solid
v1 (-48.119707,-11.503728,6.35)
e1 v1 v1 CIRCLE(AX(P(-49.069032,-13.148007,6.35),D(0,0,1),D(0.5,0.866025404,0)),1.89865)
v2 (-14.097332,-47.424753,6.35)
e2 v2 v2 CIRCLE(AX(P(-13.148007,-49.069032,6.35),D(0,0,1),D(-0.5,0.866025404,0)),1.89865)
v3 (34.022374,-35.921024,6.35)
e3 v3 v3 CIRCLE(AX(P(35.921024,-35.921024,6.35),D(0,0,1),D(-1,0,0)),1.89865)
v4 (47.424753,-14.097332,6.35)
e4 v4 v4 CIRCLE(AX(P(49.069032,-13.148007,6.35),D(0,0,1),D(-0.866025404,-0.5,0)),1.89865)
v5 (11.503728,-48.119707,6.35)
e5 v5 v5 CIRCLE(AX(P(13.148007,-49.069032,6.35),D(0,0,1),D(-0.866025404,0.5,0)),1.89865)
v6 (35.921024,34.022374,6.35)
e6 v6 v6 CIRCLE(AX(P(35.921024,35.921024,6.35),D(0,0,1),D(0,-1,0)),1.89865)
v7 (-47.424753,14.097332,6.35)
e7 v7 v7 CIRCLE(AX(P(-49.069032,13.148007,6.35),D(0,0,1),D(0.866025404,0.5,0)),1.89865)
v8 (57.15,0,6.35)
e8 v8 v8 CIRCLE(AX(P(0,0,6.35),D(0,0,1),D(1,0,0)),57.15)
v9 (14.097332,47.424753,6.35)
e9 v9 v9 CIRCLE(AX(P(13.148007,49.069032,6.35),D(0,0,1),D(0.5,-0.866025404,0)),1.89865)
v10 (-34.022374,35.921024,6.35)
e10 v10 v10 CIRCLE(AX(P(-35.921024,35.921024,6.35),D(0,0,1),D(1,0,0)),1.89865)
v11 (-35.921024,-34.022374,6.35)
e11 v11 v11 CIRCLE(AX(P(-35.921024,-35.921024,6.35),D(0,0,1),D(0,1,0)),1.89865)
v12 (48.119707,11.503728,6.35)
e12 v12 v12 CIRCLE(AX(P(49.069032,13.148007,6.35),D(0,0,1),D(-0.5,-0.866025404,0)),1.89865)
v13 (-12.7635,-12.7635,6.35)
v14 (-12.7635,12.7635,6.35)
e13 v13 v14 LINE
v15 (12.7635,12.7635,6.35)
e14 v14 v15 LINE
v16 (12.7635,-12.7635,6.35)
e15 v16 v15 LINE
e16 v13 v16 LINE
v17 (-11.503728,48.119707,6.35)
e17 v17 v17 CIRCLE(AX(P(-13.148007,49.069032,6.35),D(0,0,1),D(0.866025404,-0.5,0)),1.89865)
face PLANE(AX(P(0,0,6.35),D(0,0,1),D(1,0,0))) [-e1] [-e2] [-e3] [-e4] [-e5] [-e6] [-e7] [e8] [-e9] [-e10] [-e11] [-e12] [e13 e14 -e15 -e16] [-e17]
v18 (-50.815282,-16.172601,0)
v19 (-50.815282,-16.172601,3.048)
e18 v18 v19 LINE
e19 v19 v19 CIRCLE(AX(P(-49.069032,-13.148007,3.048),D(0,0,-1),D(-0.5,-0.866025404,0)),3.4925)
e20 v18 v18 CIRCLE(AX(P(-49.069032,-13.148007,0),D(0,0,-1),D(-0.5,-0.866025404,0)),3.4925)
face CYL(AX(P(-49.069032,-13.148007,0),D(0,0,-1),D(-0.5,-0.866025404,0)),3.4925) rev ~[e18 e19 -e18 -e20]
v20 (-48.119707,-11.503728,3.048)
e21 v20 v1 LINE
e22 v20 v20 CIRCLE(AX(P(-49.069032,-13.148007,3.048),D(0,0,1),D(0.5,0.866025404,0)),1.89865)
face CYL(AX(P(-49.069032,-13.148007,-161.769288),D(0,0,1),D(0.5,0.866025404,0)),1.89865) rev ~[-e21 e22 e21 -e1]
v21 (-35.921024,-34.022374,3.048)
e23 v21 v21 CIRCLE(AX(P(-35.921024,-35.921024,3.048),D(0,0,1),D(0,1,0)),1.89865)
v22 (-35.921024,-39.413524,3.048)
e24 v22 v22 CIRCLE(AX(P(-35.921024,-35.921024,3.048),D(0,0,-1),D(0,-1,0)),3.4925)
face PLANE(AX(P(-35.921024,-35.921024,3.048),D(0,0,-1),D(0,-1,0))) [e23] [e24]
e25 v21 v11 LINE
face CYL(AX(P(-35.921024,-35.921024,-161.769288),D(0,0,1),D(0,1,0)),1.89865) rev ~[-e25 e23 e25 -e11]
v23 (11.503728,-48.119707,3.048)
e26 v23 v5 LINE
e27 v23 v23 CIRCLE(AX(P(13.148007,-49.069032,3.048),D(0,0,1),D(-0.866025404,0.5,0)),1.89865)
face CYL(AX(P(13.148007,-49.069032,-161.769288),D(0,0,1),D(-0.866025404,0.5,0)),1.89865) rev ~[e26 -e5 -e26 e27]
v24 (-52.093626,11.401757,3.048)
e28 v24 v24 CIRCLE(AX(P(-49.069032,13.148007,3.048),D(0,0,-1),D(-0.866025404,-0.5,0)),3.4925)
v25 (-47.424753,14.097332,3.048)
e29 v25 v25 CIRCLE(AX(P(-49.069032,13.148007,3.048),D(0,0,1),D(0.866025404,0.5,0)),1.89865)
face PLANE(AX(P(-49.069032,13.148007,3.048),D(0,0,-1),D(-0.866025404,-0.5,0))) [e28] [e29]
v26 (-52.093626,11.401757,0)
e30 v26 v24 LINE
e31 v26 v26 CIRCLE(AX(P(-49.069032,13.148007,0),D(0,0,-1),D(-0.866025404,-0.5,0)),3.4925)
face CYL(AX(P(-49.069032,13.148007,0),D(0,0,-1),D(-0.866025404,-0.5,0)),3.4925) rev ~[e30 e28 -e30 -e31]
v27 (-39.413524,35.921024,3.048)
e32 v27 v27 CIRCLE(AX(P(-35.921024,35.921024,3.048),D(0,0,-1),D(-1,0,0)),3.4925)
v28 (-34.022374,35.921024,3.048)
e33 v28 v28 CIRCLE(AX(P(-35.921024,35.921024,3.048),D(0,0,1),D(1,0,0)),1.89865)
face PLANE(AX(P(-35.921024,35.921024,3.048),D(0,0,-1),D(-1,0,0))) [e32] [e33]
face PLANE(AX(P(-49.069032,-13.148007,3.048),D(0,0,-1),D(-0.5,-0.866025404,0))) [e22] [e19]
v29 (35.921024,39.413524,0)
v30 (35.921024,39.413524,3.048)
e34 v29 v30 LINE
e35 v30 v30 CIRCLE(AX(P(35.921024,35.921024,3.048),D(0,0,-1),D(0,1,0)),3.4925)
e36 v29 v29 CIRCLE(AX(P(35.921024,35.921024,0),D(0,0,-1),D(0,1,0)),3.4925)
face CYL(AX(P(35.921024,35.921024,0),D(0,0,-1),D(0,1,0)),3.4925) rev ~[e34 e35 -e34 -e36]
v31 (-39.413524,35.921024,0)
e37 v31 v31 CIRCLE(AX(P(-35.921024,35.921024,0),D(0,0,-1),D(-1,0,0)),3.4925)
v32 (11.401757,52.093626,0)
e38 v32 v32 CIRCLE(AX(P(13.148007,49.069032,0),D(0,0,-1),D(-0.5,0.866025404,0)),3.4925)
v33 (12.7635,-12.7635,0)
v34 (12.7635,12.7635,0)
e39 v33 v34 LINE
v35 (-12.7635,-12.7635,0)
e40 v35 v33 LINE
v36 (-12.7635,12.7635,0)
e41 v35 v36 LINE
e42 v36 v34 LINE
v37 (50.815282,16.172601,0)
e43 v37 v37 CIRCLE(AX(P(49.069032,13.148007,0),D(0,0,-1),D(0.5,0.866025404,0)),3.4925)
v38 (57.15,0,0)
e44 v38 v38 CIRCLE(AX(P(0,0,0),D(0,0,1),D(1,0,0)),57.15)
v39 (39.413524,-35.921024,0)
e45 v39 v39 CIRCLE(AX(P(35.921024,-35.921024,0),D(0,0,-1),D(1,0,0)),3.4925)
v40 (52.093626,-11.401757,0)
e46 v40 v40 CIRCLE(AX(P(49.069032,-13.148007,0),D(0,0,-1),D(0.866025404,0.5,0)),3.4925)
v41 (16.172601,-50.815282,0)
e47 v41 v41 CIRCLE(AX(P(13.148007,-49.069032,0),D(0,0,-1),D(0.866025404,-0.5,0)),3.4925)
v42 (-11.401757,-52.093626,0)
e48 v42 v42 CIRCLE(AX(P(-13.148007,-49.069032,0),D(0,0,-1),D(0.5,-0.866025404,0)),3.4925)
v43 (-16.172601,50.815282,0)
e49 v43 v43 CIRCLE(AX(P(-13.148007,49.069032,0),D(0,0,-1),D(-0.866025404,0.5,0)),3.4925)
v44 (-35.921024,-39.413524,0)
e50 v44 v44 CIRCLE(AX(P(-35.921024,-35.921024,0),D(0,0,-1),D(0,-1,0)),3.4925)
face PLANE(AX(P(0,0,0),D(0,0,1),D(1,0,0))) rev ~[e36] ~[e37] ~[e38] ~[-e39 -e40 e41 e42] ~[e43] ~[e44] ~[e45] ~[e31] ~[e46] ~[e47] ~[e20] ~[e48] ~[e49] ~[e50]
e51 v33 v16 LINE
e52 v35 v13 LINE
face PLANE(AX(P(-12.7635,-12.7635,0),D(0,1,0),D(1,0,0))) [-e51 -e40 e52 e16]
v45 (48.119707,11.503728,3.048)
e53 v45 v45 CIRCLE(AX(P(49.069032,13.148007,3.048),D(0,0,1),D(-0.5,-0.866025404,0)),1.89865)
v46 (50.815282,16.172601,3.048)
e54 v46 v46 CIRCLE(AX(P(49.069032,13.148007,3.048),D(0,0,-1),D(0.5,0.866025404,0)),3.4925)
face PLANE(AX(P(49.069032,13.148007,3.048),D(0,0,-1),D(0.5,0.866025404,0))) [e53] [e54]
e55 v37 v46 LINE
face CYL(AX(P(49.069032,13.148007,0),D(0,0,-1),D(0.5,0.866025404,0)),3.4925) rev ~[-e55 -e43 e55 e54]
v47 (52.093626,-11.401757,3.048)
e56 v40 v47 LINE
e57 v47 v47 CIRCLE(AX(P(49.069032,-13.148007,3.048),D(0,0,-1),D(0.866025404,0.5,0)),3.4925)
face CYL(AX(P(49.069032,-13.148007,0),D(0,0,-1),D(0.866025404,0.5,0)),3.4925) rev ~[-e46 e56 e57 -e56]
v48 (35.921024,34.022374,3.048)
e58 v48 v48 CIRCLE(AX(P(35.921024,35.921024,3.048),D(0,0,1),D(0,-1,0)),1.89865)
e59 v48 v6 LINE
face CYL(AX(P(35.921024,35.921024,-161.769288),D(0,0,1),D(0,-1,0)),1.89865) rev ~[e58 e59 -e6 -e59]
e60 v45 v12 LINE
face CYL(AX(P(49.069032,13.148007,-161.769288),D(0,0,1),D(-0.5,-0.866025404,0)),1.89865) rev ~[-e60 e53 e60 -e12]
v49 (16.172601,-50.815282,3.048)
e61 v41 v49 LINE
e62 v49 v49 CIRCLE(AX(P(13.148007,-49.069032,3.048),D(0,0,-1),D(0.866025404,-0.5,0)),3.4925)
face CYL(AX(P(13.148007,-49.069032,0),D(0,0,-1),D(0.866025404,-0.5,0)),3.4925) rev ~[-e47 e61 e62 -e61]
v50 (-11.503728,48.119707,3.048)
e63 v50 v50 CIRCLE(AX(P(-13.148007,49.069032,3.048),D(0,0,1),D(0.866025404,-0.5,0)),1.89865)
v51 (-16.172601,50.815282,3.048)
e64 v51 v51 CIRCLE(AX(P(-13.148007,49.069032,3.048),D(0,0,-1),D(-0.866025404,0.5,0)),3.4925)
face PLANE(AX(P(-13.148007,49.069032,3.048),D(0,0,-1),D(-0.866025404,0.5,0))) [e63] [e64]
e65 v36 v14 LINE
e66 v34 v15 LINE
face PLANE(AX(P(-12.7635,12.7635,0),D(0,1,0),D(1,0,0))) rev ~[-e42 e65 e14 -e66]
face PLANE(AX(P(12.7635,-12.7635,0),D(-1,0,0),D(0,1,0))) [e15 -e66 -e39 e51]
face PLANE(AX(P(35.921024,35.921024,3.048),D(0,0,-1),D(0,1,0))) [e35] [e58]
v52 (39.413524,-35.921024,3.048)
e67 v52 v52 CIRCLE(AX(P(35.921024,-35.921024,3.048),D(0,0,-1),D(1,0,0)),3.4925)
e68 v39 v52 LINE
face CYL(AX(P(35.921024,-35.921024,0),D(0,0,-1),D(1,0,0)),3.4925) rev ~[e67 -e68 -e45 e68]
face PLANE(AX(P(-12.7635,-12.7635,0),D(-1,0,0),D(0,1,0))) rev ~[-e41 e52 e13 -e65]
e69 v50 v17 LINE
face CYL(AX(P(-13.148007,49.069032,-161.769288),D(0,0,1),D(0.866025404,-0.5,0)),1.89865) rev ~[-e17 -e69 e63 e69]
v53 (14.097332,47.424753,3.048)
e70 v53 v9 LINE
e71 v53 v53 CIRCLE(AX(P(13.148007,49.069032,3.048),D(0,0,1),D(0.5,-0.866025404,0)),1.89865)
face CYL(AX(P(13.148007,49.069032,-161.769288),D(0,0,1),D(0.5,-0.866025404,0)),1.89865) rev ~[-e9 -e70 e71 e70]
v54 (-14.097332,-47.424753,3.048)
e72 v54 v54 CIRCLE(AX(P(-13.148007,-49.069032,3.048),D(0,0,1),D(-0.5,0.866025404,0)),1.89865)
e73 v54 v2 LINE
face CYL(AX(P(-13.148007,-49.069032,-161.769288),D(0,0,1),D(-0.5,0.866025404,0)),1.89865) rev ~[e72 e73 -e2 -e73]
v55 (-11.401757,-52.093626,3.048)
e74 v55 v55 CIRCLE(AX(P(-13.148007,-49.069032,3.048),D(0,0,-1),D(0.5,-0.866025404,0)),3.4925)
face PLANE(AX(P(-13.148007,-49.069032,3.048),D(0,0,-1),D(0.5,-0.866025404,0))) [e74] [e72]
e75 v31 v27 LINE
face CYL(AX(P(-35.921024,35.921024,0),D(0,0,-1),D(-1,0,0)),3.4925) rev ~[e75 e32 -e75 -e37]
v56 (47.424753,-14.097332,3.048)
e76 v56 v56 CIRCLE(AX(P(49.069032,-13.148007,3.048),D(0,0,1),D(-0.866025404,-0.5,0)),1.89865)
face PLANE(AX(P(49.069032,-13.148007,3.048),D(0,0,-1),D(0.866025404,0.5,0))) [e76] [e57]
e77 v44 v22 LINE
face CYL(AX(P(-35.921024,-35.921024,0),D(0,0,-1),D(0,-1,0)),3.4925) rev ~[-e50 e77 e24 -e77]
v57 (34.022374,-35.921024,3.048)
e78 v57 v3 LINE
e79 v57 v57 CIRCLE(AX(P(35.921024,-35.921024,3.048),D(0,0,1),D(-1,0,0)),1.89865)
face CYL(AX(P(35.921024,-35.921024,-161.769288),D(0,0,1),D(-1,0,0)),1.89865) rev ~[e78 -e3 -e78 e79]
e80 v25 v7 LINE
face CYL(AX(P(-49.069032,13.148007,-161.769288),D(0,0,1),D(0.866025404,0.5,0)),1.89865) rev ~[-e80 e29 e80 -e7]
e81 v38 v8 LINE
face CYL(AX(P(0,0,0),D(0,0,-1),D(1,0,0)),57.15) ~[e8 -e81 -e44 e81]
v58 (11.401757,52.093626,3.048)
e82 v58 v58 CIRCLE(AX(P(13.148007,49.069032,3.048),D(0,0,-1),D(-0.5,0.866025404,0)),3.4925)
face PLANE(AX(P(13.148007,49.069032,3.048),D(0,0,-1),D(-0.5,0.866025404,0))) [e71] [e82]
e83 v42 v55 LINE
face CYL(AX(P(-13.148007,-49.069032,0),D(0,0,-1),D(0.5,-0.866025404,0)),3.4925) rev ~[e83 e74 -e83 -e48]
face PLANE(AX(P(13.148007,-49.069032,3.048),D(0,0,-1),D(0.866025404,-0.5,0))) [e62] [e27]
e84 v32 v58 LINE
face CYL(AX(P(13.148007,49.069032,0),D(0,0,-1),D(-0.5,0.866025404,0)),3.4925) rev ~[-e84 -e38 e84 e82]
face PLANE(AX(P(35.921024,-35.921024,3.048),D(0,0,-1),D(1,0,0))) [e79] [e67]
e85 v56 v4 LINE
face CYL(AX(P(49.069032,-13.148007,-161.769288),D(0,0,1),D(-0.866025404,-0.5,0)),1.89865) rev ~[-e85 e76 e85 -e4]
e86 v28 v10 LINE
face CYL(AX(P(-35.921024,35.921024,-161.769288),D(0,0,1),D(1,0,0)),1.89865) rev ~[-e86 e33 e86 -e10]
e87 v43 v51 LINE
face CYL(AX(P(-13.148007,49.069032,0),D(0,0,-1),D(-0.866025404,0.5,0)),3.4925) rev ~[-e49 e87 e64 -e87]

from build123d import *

# Parameters (mm, degrees)
SKETCH1_R             = 57.15
SKETCH1_W             = 25.527
SKETCH1_H             = 25.527
BOSS_EXTRUDE1_DEPTH   = 6.35
F_6_CLEARANCE_HOLE1_D = 3.7973
CIRPATTERN1_COUNT     = 12
SKETCH4_R             = 3.4925
CUT_EXTRUDE1_DEPTH    = 3.048
CIRPATTERN2_COUNT     = 12


with BuildPart() as part:
    # Sketch1 → Boss-Extrude1 (new body)
    with BuildSketch(Plane.XY):
        Circle(SKETCH1_R)
        Rectangle(SKETCH1_W, SKETCH1_H, mode=Mode.SUBTRACT)
    extrude(amount=BOSS_EXTRUDE1_DEPTH)

    # #6 Clearance Hole1 (through all)
    with Locations(Plane(origin=(0, 0, 0), x_dir=(-1, 0, 0), z_dir=(0, 0, -1))):
        with Locations((35.921024484, 35.921024484)):
            f_6_clearance_hole1 = Hole(F_6_CLEARANCE_HOLE1_D / 2)

    # CirPattern1: #6 Clearance Hole1 ×12 about axis
    cirpattern1_axis = Axis((0, 0, 0), (0, 0, 1))
    for i in range(1, CIRPATTERN1_COUNT):
        add(f_6_clearance_hole1.rotate(cirpattern1_axis, i * 360 / CIRPATTERN1_COUNT), mode=Mode.SUBTRACT)

    # Sketch4 → Cut-Extrude1 (cut)
    with BuildSketch(Plane(origin=(0, 0, 0), x_dir=(-1, 0, 0), z_dir=(0, 0, -1))):
        with Locations((35.921024484, 35.921024484)):
            Circle(SKETCH4_R)
    cut_extrude1 = extrude(amount=-CUT_EXTRUDE1_DEPTH, mode=Mode.SUBTRACT)

    # CirPattern2: Cut-Extrude1 ×12 about axis
    cirpattern2_axis = Axis((0, 0, 0), (0, 0, 1))
    for i in range(1, CIRPATTERN2_COUNT):
        add(cut_extrude1.rotate(cirpattern2_axis, i * 360 / CIRPATTERN2_COUNT), mode=Mode.SUBTRACT)


solid = part.part
